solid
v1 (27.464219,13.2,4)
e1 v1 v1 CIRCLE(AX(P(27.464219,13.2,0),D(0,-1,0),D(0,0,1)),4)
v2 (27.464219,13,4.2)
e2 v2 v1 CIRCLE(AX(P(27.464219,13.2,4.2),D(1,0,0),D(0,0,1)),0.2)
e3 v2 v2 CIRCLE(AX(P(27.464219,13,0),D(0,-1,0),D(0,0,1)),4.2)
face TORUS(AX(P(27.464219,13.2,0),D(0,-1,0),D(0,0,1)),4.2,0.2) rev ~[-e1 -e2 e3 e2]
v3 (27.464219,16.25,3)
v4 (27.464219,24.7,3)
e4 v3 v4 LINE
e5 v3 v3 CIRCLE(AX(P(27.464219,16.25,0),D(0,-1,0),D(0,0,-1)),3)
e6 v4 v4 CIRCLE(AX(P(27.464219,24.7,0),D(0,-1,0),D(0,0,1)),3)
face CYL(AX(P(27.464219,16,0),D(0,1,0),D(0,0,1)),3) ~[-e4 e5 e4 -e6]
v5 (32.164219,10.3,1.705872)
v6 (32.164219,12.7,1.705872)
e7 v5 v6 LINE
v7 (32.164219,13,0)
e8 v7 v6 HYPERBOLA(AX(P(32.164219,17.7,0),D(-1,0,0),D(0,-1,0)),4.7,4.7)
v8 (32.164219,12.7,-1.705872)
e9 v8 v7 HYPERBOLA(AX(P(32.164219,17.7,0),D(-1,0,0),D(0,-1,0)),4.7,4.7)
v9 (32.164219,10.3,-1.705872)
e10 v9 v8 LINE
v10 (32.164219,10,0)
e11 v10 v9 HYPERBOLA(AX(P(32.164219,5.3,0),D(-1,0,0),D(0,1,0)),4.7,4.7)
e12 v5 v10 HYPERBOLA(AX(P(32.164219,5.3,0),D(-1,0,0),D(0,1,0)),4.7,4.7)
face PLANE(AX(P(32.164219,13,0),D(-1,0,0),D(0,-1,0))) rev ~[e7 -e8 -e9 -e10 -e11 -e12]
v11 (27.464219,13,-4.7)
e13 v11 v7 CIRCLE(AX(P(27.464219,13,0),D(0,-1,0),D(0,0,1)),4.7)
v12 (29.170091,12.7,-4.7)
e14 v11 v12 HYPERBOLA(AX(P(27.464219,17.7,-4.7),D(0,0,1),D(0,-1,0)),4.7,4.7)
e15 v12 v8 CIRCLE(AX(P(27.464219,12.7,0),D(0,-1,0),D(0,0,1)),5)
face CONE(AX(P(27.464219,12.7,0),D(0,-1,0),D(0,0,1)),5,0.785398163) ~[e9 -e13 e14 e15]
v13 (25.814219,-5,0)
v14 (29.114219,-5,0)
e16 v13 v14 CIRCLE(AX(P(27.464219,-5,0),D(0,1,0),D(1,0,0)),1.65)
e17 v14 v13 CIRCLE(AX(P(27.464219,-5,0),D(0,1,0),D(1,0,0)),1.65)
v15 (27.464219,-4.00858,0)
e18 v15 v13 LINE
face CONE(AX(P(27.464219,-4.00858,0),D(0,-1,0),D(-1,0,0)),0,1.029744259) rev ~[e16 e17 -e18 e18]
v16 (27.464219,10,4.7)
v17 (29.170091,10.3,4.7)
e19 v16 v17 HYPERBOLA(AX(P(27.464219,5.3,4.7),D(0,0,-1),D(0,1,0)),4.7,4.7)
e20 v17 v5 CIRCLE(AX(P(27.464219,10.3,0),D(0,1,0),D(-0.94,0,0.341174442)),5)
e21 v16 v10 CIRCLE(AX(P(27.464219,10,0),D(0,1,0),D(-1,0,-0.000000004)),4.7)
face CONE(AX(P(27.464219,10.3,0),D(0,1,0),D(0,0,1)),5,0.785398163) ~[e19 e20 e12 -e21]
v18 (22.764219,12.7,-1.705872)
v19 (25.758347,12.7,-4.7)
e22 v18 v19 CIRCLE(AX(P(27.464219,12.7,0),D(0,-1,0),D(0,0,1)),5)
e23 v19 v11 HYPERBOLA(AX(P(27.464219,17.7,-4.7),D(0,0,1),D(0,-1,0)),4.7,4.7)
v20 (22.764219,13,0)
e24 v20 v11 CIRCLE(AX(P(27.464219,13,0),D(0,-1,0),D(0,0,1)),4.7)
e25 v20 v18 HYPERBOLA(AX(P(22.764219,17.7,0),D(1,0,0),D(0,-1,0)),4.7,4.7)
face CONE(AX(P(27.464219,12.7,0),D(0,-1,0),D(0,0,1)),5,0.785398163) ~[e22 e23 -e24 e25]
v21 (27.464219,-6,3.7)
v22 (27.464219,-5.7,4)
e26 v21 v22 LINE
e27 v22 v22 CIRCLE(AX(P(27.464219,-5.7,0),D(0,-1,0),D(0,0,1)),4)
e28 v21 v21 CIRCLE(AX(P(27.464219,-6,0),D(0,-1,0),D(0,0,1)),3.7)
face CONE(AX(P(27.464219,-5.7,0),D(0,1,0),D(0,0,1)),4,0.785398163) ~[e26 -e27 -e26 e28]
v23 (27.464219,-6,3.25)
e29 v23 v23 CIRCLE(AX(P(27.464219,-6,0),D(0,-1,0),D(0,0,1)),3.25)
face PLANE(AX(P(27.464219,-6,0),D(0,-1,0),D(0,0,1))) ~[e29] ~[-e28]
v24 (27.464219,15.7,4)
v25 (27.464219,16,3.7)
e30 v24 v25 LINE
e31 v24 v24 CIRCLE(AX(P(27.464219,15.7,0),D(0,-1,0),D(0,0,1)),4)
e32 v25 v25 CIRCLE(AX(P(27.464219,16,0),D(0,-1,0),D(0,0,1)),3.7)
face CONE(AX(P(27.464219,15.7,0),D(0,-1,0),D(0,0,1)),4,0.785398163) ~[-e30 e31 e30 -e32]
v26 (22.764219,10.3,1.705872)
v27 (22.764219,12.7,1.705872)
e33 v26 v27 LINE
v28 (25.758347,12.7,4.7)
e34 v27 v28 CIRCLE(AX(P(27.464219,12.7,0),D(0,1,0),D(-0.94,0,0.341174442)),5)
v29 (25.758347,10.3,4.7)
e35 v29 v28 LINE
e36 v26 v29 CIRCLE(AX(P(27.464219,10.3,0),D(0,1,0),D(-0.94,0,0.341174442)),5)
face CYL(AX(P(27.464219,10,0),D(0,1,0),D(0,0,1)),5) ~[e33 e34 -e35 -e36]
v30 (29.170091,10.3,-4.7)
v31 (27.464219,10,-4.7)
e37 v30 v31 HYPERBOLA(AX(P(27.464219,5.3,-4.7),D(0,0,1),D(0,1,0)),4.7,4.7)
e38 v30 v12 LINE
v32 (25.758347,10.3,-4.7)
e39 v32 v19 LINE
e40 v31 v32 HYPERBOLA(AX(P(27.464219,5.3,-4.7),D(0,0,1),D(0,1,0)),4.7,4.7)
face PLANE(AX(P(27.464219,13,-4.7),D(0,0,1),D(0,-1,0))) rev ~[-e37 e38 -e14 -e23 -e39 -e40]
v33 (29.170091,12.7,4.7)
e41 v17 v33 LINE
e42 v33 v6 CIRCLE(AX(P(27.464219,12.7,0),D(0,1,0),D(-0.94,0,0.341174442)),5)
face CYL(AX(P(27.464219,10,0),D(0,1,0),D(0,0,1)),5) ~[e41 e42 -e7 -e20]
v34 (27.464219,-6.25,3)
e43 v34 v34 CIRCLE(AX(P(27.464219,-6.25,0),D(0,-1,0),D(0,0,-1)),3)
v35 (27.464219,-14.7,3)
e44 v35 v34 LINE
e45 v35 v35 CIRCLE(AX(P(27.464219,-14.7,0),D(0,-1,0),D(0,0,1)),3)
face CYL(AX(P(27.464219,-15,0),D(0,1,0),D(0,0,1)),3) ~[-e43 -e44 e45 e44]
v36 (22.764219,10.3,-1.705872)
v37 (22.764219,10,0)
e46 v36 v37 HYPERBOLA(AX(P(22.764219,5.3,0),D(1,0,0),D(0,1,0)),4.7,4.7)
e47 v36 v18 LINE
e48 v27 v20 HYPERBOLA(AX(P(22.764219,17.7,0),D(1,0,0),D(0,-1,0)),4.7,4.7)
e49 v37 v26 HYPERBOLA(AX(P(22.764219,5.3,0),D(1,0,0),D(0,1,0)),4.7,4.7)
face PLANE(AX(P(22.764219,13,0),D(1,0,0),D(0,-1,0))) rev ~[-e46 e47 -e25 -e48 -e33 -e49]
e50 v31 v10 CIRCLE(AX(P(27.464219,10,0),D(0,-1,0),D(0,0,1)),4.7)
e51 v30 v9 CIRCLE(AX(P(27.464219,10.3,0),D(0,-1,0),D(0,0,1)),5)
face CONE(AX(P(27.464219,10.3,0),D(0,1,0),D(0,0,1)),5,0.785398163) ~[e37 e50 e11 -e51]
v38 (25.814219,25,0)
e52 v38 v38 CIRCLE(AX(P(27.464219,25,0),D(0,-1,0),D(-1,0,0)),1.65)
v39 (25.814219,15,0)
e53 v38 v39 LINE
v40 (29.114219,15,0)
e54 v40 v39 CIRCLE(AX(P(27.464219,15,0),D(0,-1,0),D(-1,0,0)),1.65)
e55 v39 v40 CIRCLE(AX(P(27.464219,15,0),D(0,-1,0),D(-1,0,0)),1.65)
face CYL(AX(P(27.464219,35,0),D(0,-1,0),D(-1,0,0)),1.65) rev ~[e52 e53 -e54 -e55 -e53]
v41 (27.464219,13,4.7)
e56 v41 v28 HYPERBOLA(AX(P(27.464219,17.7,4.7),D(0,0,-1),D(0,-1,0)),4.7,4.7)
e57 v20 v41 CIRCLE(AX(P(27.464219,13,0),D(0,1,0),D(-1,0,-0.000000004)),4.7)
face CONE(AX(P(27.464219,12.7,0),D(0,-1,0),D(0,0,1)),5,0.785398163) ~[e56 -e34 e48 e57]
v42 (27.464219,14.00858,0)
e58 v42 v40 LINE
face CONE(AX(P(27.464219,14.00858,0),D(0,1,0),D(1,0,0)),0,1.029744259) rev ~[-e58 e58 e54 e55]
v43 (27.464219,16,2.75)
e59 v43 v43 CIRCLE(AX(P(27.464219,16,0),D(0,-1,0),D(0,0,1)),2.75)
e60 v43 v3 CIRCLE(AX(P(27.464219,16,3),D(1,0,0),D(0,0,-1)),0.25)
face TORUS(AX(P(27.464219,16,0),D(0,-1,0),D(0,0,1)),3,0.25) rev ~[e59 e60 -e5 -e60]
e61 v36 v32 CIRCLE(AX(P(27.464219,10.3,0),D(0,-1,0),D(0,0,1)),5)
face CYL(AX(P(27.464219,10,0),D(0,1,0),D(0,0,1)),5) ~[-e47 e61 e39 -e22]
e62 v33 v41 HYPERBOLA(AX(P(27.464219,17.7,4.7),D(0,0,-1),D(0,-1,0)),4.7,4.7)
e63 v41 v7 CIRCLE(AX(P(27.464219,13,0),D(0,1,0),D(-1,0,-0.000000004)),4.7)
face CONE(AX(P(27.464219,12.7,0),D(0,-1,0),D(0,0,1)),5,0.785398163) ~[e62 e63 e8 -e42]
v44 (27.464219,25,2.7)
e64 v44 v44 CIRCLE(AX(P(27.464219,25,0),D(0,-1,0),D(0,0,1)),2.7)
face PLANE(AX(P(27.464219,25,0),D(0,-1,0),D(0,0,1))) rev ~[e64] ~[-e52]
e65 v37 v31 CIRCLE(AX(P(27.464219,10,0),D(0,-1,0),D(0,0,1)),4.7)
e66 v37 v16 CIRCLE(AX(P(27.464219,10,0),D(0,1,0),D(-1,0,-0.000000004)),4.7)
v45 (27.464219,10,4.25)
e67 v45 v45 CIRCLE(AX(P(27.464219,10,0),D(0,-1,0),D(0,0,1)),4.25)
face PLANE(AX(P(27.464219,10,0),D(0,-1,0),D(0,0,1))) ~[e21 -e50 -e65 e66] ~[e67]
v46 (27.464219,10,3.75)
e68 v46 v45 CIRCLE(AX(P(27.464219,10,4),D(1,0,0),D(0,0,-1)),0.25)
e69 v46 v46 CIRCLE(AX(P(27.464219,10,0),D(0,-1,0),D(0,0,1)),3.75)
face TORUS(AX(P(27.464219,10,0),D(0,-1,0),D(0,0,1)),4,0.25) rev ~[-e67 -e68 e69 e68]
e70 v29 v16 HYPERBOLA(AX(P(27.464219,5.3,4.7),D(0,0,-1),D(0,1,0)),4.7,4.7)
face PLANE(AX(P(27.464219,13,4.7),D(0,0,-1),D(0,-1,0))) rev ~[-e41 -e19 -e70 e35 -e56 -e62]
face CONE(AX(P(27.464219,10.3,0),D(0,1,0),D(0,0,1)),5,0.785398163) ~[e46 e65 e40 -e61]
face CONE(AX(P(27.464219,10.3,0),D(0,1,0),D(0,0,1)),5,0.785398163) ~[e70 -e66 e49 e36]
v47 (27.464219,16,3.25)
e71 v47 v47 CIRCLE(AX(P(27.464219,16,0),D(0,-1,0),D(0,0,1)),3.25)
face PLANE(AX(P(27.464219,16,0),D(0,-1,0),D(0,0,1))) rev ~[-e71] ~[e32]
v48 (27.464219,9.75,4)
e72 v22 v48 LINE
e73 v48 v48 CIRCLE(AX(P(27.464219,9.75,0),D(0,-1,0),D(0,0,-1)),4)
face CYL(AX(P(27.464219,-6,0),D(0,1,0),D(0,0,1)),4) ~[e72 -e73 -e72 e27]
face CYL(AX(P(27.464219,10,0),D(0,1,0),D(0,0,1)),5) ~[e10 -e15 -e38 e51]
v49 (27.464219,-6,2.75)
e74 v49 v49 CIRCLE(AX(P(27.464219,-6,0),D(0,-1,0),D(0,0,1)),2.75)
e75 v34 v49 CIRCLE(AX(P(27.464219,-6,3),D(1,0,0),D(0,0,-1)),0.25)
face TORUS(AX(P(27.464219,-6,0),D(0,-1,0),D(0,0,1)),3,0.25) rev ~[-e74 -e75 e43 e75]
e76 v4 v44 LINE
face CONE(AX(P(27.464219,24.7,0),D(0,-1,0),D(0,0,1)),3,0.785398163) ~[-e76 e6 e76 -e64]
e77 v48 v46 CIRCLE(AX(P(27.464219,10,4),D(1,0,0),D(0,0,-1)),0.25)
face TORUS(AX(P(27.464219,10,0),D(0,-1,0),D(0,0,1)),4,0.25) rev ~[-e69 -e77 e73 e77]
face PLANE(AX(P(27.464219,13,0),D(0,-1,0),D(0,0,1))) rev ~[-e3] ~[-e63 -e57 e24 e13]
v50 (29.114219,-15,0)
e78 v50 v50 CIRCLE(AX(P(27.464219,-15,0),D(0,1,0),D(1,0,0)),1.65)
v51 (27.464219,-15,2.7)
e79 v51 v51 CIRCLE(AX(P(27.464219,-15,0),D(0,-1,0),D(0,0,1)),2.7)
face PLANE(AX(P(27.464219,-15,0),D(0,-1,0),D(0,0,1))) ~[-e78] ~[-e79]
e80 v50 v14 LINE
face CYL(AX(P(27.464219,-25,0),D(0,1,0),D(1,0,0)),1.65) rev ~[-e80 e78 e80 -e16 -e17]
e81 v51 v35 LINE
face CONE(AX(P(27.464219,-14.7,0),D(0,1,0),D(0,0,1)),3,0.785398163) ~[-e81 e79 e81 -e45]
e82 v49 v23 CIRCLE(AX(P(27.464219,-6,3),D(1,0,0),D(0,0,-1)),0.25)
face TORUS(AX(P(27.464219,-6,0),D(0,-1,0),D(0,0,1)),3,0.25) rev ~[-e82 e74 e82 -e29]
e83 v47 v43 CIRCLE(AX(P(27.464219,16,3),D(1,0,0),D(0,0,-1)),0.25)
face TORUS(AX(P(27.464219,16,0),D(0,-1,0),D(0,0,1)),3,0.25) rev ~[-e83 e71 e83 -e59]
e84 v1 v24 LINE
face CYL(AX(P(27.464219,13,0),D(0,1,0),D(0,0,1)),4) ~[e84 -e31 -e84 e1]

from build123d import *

# Parameters (mm, degrees)
SKETCH2_R                 = 0.25
CHAMFER1_SIZE             = 0.3
FILLET1_R                 = 0.2
M4X0_7_TAPPED_HOLE1_D     = 3.3
M4X0_7_TAPPED_HOLE1_DEPTH = 10
M4X0_7_TAPPED_HOLE1_TIP   = 0.991420021
M4X0_7_TAPPED_HOLE2_D     = 3.3
M4X0_7_TAPPED_HOLE2_DEPTH = 10
M4X0_7_TAPPED_HOLE2_TIP   = 0.991420021
CUT_EXTRUDE1_DEPTH        = 42.278632745
CIRPATTERN1_COUNT         = 4


with BuildPart() as part:
    # Sketch1 → Revolve1 (revolve)
    with BuildSketch(Plane.XY, mode=Mode.PRIVATE) as revolve1_sk:
        Polygon((27.464219092, 25), (27.464219092, -15), (24.464219092, -15), (24.464219092, -6), (23.464219092, -6), (23.464219092, 10), (22.464219092, 10), (22.464219092, 13), (23.464219092, 13), (23.464219092, 16), (24.464219092, 16), (24.464219092, 25), align=None)
    revolve(revolve1_sk.sketch.rotate(Axis((27.464219092, 25, 0), (0, -1, 0)), 270), axis=Axis((27.464219092, 25, 0), (0, -1, 0)))

    # Sketch2 → Cut-Revolve1 (revolve, cut)
    with BuildSketch(Plane.XY, mode=Mode.PRIVATE) as cut_revolve1_sk:
        with Locations((24.464219092, -6)):
            Circle(SKETCH2_R)
        with Locations((23.464219092, 10)):
            Circle(SKETCH2_R)
        with Locations((24.464219092, 16)):
            Circle(SKETCH2_R)
    revolve(cut_revolve1_sk.sketch.rotate(Axis((27.464219092, 25, 0), (0, -1, 0)), 270), axis=Axis((27.464219092, 25, 0), (0, -1, 0)), mode=Mode.SUBTRACT)

    # Chamfer1
    chamfer1_edges = [part.edges().sort_by_distance(p)[0] for p in [
        (27.464219092, 16, -4),
        (27.464219092, 13, -5),
        (27.464219092, 10, -5),
        (27.464219092, -6, -4),
        (27.464219092, -15, -3),
        (27.464219092, 25, -3),
    ]]
    chamfer(chamfer1_edges, length=CHAMFER1_SIZE)

    # Fillet1
    fillet1_edges = [part.edges().sort_by_distance(p)[0] for p in [
        (27.464219092, 13, -4),
    ]]
    fillet(fillet1_edges, radius=FILLET1_R)

    # M4x0.7 Tapped Hole1
    with Locations(Plane(origin=(0, 25, 0), x_dir=(1, 0, 0), z_dir=(0, 1, 0))):
        with Locations((27.464219092, 0)):
            Hole(M4X0_7_TAPPED_HOLE1_D / 2, depth=M4X0_7_TAPPED_HOLE1_DEPTH)
            with Locations((0, 0, -(M4X0_7_TAPPED_HOLE1_DEPTH + M4X0_7_TAPPED_HOLE1_TIP / 2))):  # 118° drill point
                Cone(0, M4X0_7_TAPPED_HOLE1_D / 2, M4X0_7_TAPPED_HOLE1_TIP, mode=Mode.SUBTRACT)

    # M4x0.7 Tapped Hole2
    with Locations(Plane(origin=(0, -15, 0), x_dir=(-1, 0, 0), z_dir=(0, -1, 0))):
        with Locations((-27.464219092, 0)):
            Hole(M4X0_7_TAPPED_HOLE2_D / 2, depth=M4X0_7_TAPPED_HOLE2_DEPTH)
            with Locations((0, 0, -(M4X0_7_TAPPED_HOLE2_DEPTH + M4X0_7_TAPPED_HOLE2_TIP / 2))):  # 118° drill point
                Cone(0, M4X0_7_TAPPED_HOLE2_D / 2, M4X0_7_TAPPED_HOLE2_TIP, mode=Mode.SUBTRACT)

    # Sketch8 → Cut-Extrude1 (cut, symmetric)
    with BuildSketch(Plane.XY):
        Polygon((22.764219092, 13), (22.764219092, 10), (22.464219092, 10.3), (22.464219092, 12.7), align=None)
        Polygon((32.164219092, 13), (32.164219092, 10), (32.464219092, 10.3), (32.464219092, 12.7), align=None)
    cut_extrude1 = extrude(amount=CUT_EXTRUDE1_DEPTH, both=True, mode=Mode.SUBTRACT)

    # CirPattern1: Cut-Extrude1 ×4 about axis
    cirpattern1_axis = Axis((27.464219092, 12.7, 0), (0, 1, 0))
    for i in range(1, CIRPATTERN1_COUNT):
        add(cut_extrude1.rotate(cirpattern1_axis, i * 360 / CIRPATTERN1_COUNT), mode=Mode.SUBTRACT)


solid = part.part
